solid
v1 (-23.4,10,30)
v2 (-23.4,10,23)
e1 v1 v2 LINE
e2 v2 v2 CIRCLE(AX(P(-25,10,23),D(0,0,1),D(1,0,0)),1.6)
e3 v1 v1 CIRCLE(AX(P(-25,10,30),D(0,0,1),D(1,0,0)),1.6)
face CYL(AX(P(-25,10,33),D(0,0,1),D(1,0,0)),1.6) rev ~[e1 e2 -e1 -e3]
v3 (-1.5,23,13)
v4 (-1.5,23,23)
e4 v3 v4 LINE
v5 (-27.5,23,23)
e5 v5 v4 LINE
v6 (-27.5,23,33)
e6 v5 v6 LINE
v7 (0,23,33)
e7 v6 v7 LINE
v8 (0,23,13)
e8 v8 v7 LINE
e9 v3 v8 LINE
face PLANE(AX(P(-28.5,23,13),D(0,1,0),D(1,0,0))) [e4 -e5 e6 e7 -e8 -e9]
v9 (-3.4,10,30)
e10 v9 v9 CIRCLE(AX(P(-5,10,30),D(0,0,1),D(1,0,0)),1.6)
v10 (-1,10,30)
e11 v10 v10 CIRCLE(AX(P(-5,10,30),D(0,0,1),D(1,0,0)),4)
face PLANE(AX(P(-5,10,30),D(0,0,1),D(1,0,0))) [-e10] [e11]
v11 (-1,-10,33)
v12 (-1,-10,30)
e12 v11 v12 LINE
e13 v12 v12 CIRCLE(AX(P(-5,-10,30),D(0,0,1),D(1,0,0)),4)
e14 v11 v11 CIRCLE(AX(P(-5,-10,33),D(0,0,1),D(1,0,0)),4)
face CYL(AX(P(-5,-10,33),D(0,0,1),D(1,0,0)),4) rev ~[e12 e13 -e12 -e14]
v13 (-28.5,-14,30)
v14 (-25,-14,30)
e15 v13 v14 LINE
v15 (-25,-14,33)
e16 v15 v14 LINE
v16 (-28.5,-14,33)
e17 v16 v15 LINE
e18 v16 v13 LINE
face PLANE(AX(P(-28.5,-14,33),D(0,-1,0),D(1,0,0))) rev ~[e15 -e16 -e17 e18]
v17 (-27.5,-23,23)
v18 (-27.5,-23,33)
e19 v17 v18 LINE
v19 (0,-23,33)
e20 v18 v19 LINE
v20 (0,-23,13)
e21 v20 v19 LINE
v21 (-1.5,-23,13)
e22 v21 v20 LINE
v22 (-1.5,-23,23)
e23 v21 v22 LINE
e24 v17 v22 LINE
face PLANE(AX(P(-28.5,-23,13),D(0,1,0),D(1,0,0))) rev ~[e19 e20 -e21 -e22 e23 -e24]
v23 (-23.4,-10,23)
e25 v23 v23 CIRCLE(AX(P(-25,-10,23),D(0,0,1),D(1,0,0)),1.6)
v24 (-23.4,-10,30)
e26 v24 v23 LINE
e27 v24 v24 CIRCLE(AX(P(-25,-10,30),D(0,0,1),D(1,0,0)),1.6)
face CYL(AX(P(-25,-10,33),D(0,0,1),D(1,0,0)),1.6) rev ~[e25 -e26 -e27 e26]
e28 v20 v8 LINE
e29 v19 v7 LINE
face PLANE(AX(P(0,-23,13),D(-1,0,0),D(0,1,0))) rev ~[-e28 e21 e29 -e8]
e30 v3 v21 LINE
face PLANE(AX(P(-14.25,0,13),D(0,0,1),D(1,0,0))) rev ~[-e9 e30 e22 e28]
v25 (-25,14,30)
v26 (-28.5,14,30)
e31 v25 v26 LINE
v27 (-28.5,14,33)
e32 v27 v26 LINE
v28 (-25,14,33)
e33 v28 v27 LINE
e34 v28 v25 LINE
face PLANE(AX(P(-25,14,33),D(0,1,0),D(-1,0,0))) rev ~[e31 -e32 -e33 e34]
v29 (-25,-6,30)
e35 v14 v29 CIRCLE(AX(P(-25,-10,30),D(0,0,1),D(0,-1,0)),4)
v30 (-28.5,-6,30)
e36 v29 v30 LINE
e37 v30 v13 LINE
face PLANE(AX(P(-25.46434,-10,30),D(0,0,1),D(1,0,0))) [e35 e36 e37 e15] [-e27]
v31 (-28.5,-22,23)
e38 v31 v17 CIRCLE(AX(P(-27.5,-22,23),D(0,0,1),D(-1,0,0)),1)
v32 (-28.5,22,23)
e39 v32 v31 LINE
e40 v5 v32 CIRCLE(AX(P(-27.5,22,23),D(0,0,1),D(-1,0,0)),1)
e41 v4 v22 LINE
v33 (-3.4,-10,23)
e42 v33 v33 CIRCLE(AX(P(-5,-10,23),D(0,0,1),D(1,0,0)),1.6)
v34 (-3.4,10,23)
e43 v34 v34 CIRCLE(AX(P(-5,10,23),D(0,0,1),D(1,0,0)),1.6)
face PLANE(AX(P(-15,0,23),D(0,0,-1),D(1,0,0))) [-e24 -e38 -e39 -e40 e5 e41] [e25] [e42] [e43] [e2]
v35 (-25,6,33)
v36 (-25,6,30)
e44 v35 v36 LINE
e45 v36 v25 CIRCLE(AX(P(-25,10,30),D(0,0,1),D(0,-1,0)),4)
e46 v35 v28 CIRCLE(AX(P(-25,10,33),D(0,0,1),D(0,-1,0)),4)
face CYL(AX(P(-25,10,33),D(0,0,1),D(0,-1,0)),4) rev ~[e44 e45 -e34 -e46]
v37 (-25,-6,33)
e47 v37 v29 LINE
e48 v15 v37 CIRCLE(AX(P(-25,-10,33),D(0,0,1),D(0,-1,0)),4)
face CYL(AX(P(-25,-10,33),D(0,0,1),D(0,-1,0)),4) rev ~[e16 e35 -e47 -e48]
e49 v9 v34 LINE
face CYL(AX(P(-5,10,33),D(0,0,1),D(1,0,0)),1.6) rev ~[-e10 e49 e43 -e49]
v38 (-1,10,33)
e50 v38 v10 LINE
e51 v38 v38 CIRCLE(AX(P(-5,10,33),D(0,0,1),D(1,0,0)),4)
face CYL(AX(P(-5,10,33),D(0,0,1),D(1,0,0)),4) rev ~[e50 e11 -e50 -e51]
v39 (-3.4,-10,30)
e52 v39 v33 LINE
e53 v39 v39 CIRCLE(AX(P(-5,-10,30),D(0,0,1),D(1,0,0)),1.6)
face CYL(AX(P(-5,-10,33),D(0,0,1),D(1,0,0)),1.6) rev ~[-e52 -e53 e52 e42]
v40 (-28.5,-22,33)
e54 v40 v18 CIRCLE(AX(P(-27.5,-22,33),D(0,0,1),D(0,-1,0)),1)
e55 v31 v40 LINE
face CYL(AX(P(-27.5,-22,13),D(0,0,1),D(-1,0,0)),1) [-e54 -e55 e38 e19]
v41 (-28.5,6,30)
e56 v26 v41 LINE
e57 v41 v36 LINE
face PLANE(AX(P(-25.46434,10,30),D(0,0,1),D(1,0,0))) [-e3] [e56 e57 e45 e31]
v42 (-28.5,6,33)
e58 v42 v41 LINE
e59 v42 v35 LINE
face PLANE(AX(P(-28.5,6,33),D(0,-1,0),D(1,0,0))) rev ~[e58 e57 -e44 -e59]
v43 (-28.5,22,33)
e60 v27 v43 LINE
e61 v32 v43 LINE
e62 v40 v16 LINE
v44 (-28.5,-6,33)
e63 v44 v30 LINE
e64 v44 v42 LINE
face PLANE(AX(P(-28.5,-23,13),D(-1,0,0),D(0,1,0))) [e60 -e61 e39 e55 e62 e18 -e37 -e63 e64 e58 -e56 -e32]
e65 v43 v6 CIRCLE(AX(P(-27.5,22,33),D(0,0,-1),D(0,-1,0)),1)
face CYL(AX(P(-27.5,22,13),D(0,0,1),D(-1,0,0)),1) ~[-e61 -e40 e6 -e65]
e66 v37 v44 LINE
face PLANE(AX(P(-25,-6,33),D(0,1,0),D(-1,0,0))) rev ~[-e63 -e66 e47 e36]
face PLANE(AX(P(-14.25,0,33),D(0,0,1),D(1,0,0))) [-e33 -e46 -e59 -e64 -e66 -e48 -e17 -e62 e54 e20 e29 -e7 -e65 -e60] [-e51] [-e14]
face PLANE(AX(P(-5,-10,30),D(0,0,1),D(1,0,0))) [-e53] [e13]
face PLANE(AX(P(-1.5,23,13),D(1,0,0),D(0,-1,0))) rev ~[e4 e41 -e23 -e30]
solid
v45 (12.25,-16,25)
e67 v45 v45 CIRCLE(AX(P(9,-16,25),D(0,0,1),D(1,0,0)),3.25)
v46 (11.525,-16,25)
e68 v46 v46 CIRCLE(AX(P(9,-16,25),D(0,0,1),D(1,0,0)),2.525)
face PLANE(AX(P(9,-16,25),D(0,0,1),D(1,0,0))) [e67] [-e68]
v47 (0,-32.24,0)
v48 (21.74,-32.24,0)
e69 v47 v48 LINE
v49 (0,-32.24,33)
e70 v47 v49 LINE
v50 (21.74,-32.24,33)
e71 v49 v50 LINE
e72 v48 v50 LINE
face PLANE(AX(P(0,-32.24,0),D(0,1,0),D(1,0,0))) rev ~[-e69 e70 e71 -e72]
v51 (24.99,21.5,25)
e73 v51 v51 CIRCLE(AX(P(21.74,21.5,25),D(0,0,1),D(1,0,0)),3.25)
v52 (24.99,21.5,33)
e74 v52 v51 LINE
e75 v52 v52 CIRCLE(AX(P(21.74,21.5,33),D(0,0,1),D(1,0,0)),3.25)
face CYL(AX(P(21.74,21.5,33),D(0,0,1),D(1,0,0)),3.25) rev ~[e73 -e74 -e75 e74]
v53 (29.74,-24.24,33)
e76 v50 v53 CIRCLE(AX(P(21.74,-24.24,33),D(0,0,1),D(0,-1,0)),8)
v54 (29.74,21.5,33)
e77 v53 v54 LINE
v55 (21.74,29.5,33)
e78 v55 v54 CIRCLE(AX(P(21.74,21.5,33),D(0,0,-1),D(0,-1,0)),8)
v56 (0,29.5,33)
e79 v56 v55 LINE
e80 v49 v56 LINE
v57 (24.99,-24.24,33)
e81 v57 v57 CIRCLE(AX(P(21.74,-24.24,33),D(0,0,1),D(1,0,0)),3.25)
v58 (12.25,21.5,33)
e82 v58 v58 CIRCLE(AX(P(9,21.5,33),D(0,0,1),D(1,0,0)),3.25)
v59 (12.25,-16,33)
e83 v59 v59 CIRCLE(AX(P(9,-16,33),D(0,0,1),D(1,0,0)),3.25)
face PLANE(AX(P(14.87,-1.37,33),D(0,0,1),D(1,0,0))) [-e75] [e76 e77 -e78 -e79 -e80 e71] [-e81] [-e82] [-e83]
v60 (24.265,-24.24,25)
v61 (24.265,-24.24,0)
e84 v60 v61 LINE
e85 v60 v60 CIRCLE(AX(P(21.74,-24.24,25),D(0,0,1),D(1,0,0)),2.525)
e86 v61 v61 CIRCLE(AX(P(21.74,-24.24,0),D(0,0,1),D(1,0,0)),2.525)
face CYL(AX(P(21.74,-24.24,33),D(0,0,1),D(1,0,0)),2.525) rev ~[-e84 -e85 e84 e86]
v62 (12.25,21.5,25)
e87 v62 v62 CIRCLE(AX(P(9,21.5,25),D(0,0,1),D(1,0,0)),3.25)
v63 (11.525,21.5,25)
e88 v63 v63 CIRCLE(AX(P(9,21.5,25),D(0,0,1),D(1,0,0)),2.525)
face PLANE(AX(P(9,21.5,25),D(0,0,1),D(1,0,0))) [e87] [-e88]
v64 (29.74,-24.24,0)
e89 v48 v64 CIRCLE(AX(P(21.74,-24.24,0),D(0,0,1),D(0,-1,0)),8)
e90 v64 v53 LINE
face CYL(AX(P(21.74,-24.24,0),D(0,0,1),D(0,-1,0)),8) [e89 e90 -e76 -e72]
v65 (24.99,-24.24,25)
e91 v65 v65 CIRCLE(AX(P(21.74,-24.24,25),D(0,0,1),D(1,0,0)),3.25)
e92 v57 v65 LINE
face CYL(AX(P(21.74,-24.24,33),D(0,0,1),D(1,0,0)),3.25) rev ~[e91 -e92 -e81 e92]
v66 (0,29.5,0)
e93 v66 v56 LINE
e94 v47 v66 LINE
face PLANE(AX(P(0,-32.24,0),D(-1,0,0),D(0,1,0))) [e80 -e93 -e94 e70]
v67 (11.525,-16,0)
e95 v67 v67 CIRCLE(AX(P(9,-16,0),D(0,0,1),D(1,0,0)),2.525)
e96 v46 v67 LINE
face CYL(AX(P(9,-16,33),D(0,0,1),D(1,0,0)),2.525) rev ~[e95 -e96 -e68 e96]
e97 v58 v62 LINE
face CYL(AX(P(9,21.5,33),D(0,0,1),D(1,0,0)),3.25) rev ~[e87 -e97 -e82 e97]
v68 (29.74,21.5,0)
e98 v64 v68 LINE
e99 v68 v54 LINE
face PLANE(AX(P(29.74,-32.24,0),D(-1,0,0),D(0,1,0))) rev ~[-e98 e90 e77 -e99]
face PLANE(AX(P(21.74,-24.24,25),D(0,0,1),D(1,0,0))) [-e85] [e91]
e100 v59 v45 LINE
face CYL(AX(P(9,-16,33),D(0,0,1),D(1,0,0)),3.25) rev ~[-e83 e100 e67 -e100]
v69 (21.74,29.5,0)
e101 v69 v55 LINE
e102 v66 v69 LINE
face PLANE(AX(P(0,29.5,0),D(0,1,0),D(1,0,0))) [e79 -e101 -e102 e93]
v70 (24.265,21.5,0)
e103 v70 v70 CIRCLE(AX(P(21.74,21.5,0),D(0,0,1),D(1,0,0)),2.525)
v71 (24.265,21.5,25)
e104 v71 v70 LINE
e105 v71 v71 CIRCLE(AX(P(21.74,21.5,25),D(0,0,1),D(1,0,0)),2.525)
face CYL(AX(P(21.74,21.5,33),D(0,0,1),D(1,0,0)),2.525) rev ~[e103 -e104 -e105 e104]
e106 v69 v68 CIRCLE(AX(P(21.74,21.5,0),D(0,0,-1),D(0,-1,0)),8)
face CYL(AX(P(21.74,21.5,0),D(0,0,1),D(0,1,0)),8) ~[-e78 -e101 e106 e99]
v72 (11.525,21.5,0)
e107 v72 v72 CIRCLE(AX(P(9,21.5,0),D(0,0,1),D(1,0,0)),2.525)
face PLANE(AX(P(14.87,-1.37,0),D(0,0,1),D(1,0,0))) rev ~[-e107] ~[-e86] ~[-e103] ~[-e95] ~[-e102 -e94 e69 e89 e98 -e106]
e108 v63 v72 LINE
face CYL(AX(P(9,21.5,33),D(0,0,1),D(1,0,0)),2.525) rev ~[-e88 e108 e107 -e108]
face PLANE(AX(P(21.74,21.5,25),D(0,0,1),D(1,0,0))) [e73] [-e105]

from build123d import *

# Parameters (mm, degrees)
SKETCH_W        = 28.5
SKETCH_H        = 46
PAD_DEPTH       = 20
FILLET_R        = 1
SKETCH001_R     = 1.6
POCKET_DEPTH    = 20.001
SKETCH002_W     = 27
SKETCH002_H     = 46
POCKET001_DEPTH = 10
SKETCH003_R     = 4
POCKET002_DEPTH = 3
SKETCH004_W     = 29.74
SKETCH004_H     = 61.74
PAD001_DEPTH    = 33
SKETCH005_R     = 2.525
POCKET003_DEPTH = 33.001
SKETCH006_R     = 3.25
POCKET004_DEPTH = 8
FILLET001_R     = 8


with BuildPart() as block_mount_12_template:
    # Sketch → Pad (new body)
    with BuildSketch(Plane.XY):
        with Locations((-14.25, 0)):
            Rectangle(SKETCH_W, SKETCH_H)
    extrude(amount=PAD_DEPTH)

    # Fillet
    fillet_edges = [block_mount_12_template.edges().sort_by_distance(p)[0] for p in [
        (-28.5, 23, 10),
        (-28.5, -23, 10),
    ]]
    fillet(fillet_edges, radius=FILLET_R)

    # Sketch001 (on Face5 of Fillet) → Pocket (cut, through all)
    with BuildSketch(Plane.XY.offset(20)):
        with Locations((-25, 10)):
            Circle(SKETCH001_R)
        with Locations((-5, 10)):
            Circle(SKETCH001_R)
        with Locations((-25, -10)):
            Circle(SKETCH001_R)
        with Locations((-5, -10)):
            Circle(SKETCH001_R)
    extrude(amount=-POCKET_DEPTH, mode=Mode.SUBTRACT)

    # Sketch002 (on Face2 of Pocket) → Pocket001 (cut)
    with BuildSketch(Plane(origin=(0, 0, 0), x_dir=(1, 0, 0), z_dir=(0, 0, -1))):
        with Locations((-15, 0)):
            Rectangle(SKETCH002_W, SKETCH002_H)
    extrude(amount=-POCKET001_DEPTH, mode=Mode.SUBTRACT)

    # Sketch003 (on Face4 of Pocket001) → Pocket002 (cut)
    with BuildSketch(Plane.XY.offset(20)):
        with Locations((-5, 10)):
            Circle(SKETCH003_R)
        with Locations((-5, -10)):
            Circle(SKETCH003_R)
        with BuildLine():
            ThreePointArc((-25, -14), (-21, -10), (-25, -6))
            Line((-25, -6), (-28.5, -6))
            Line((-28.5, -6), (-28.5, -14))
            Line((-28.5, -14), (-25, -14))
        make_face()
        with BuildLine():
            ThreePointArc((-25, 6), (-21, 10), (-25, 14))
            Line((-25, 14), (-28.5, 14))
            Line((-28.5, 14), (-28.5, 6))
            Line((-28.5, 6), (-25, 6))
        make_face()
    extrude(amount=-POCKET002_DEPTH, mode=Mode.SUBTRACT)


with BuildPart() as block_mount_12_template_1:
    # Body placement: moved
    add(block_mount_12_template.part.moved(Location((0, 0, 13))))


with BuildPart() as body_template:
    # Sketch004 → Pad001 (new body)
    with BuildSketch(Plane.XY):
        with Locations((14.87, -1.37)):
            Rectangle(SKETCH004_W, SKETCH004_H)
    extrude(amount=PAD001_DEPTH)

    # Sketch005 (on Face6 of Pad001) → Pocket003 (cut, through all)
    with BuildSketch(Plane.XY.offset(33)):
        with Locations((9, 21.5)):
            Circle(SKETCH005_R)
        with Locations((21.74, -24.24)):
            Circle(SKETCH005_R)
        with Locations((21.74, 21.5)):
            Circle(SKETCH005_R)
        with Locations((9, -16)):
            Circle(SKETCH005_R)
    extrude(amount=-POCKET003_DEPTH, mode=Mode.SUBTRACT)

    # Sketch006 (on Face5 of Pocket003) → Pocket004 (cut)
    with BuildSketch(Plane.XY.offset(33)):
        with Locations((21.74, 21.5)):
            Circle(SKETCH006_R)
        with Locations((9, 21.5)):
            Circle(SKETCH006_R)
        with Locations((9, -16)):
            Circle(SKETCH006_R)
        with Locations((21.74, -24.24)):
            Circle(SKETCH006_R)
    extrude(amount=-POCKET004_DEPTH, mode=Mode.SUBTRACT)

    # Fillet001
    fillet001_edges = [body_template.edges().sort_by_distance(p)[0] for p in [
        (29.74, -32.24, 16.5),
        (29.74, 29.5, 16.5),
    ]]
    fillet(fillet001_edges, radius=FILLET001_R)


solid = Compound([block_mount_12_template_1.part, body_template.part])
